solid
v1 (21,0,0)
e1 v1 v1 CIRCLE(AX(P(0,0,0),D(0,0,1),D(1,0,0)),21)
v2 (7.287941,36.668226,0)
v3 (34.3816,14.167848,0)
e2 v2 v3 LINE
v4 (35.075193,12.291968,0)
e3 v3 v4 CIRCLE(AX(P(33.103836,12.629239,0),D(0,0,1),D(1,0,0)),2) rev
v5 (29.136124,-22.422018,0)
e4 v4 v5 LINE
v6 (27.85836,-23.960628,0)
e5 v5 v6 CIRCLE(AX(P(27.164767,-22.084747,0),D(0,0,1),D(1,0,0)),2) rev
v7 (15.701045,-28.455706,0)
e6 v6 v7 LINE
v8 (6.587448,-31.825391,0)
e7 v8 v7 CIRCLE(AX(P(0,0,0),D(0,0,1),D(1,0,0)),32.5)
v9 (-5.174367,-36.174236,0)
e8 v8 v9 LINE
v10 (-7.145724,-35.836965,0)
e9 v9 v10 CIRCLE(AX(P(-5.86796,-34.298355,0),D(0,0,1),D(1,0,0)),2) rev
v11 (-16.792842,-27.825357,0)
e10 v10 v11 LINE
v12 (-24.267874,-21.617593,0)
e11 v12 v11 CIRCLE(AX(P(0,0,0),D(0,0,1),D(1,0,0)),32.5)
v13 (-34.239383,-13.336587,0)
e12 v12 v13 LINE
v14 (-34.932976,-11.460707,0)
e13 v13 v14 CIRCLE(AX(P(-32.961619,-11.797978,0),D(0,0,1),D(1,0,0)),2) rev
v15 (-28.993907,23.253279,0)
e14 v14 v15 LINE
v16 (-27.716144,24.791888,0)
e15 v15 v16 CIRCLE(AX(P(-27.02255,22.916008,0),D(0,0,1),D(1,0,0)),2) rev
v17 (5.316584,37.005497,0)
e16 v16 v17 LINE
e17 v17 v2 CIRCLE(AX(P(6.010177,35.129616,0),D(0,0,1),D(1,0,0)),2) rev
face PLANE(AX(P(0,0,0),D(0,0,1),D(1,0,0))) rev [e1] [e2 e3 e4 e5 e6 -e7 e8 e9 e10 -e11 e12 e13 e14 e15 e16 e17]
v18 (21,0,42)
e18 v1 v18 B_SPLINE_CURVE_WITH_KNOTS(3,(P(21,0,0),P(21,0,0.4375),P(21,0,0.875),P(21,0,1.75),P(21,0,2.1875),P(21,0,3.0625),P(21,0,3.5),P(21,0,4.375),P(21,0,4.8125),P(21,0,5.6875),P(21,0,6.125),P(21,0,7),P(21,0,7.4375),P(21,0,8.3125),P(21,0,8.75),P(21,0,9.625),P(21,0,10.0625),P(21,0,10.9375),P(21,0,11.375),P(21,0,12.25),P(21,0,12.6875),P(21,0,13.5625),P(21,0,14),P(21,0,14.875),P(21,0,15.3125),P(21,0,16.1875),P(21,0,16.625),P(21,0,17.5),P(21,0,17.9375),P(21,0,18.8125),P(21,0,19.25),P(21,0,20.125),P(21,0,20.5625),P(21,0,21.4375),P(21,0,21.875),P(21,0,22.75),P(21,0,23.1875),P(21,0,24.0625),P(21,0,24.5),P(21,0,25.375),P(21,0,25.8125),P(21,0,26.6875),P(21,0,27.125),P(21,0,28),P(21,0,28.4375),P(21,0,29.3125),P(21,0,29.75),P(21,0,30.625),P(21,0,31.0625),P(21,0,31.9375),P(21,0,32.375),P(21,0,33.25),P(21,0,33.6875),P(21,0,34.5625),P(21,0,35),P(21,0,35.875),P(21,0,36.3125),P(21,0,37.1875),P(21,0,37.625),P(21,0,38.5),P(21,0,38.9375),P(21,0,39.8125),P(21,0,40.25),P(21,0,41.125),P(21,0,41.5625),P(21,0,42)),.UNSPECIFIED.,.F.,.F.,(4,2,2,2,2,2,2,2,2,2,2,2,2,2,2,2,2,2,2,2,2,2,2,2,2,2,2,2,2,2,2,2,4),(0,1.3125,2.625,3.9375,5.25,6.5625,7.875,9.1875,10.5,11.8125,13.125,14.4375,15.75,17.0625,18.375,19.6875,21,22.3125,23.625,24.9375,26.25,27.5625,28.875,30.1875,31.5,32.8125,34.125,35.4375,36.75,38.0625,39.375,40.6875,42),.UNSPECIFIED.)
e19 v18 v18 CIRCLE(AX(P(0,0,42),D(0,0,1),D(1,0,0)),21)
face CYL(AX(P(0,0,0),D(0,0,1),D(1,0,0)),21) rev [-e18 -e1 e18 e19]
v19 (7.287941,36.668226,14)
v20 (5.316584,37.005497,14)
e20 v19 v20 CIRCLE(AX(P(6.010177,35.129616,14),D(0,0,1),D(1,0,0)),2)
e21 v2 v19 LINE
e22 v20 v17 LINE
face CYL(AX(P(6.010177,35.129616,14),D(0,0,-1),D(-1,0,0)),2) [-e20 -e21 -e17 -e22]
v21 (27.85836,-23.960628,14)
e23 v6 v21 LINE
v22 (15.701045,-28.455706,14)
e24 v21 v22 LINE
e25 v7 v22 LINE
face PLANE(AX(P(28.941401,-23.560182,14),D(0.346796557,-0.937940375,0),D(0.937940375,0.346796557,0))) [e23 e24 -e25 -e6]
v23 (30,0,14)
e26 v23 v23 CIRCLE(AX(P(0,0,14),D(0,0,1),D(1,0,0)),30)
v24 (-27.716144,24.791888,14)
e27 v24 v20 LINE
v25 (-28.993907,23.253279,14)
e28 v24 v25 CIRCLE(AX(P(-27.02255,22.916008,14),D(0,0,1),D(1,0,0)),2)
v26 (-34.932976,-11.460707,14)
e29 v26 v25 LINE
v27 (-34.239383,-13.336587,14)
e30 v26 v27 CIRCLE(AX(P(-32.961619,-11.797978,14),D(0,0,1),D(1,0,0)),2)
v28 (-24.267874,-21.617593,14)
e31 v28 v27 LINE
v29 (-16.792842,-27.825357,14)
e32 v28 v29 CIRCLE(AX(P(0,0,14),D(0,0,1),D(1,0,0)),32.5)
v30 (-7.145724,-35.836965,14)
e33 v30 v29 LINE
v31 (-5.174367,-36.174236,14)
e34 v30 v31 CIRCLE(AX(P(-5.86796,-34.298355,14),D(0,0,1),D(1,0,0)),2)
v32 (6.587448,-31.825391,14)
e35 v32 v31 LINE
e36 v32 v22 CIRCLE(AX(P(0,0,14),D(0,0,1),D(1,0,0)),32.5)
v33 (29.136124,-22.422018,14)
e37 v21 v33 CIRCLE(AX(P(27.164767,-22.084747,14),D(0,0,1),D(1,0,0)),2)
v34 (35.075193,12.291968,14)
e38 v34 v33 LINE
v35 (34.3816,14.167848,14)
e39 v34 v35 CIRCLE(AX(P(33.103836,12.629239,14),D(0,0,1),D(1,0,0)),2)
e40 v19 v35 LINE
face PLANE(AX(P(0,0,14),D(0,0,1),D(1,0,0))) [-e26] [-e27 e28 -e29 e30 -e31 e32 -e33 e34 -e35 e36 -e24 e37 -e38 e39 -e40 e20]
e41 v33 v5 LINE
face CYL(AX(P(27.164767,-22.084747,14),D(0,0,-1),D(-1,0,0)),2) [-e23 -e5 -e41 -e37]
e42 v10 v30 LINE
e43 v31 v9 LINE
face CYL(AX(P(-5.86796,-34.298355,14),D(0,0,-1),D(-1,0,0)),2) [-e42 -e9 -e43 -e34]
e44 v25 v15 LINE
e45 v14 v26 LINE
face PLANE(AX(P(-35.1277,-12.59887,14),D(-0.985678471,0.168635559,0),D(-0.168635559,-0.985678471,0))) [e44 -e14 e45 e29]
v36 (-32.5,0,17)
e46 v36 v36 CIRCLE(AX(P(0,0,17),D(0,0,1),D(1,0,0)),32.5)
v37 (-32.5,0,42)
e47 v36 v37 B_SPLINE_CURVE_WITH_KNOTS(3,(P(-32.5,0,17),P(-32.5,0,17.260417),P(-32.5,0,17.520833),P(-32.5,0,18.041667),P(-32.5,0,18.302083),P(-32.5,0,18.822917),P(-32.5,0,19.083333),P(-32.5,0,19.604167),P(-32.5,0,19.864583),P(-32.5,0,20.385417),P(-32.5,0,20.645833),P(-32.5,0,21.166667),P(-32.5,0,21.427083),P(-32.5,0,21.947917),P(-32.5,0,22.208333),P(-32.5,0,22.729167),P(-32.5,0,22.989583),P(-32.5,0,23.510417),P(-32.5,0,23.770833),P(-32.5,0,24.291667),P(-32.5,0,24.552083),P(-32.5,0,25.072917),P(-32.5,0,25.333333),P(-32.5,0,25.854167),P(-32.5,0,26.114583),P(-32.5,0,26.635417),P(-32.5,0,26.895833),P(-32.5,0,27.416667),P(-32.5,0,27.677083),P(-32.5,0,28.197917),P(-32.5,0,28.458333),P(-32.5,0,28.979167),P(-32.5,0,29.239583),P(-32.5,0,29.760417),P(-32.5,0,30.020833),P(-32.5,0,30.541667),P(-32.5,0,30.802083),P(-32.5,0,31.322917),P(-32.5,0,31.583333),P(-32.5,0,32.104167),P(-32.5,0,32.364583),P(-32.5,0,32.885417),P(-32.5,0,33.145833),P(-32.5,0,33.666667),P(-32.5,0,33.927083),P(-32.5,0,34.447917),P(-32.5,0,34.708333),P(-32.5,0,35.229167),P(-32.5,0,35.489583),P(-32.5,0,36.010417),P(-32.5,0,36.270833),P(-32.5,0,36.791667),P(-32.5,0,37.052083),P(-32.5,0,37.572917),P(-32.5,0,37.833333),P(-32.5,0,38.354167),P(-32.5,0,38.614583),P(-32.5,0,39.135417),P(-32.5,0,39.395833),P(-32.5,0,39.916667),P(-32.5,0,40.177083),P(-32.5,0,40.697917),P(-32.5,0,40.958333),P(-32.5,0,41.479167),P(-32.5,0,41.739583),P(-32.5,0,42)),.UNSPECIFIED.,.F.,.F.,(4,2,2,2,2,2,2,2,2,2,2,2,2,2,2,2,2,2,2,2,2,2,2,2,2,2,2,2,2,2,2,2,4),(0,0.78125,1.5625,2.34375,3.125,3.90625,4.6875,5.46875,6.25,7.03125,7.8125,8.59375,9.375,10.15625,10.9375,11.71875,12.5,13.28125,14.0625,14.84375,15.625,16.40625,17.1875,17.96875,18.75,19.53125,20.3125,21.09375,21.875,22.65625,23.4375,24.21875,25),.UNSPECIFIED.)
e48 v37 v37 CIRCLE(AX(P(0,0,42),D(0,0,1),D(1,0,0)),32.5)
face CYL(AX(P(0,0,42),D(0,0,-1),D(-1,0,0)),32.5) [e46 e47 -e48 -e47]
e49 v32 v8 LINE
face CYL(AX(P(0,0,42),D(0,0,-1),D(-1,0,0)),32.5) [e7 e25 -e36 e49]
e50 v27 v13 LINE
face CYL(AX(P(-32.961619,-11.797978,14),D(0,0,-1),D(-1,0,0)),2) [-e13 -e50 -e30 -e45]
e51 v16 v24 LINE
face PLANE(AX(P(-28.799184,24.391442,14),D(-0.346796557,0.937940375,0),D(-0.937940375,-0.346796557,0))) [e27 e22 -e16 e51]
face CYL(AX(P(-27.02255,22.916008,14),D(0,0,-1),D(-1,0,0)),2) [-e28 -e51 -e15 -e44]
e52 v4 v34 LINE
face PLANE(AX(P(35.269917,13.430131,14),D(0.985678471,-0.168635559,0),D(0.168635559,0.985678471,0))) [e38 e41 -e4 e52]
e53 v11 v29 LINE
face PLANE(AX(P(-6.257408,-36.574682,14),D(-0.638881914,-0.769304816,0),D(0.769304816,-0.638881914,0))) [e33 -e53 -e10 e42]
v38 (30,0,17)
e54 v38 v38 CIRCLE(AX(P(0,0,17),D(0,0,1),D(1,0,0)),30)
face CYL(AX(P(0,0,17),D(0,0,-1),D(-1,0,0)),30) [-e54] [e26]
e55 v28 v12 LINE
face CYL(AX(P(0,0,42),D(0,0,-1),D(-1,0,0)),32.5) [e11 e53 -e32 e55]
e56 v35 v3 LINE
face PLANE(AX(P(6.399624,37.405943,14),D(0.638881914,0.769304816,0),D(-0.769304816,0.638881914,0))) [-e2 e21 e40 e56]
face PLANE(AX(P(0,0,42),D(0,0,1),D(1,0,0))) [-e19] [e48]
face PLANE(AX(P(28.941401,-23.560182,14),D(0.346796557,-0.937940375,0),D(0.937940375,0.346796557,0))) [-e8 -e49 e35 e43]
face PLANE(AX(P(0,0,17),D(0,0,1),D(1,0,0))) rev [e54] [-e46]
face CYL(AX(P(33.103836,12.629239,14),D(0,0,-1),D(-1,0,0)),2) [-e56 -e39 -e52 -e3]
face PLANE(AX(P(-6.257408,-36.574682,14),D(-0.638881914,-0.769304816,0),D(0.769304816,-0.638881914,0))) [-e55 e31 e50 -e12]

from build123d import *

# Parameters (mm, degrees)
SKETCH1_R           = 32.5
BOSS_EXTRUDE1_DEPTH = 42
CUT_EXTRUDE1_START  = -28
SKETCH2_R           = 32.5
SKETCH2_R_2         = 30
CUT_EXTRUDE1_DEPTH  = 3
BOSS_EXTRUDE2_DEPTH = 14
FILLET1_R           = 2
SKETCH4_R           = 21
CUT_EXTRUDE2_DEPTH  = 67.142933871


with BuildPart() as part:
    # Sketch1 → Boss-Extrude1 (new body)
    with BuildSketch(Plane.XY):
        with Locations(Location((0, 0, 0), (0, 0, 180))):
            Circle(SKETCH1_R)
    extrude(amount=BOSS_EXTRUDE1_DEPTH)

    # Sketch2 → Cut-Extrude1 (cut)
    with BuildSketch(Plane.XY.offset(42).offset(CUT_EXTRUDE1_START)):
        with Locations(Location((0, 0, 0), (0, 0, 180))):
            Circle(SKETCH2_R)
        Circle(SKETCH2_R_2, mode=Mode.SUBTRACT)
    extrude(amount=CUT_EXTRUDE1_DEPTH, mode=Mode.SUBTRACT)

    # Sketch3 → Boss-Extrude2 (add)
    with BuildSketch(Plane(origin=(0, 0, 0), x_dir=(-1, 0, 0), z_dir=(0, 0, -1))):
        Polygon((-35.269916777, 13.430130963), (-28.941400728, -23.560181525), (6.257407604, -36.574682103), (35.127699889, -12.598870193), (28.799183841, 24.391442295), (-6.399624492, 37.405942873), align=None)
    extrude(amount=-BOSS_EXTRUDE2_DEPTH)

    # Fillet1
    fillet1_edges = [part.edges().sort_by_distance(p)[0] for p in [
        (-28.799183841, 24.391442295, 7),
        (-35.127699889, -12.598870193, 7),
        (-6.257407604, -36.574682103, 7),
        (28.941400728, -23.560181525, 7),
        (35.269916777, 13.430130963, 7),
        (6.399624492, 37.405942873, 7),
    ]]
    fillet(fillet1_edges, radius=FILLET1_R)

    # Sketch4 → Cut-Extrude2 (cut, through all)
    with BuildSketch(Plane.XY.offset(42)):
        Circle(SKETCH4_R)
    extrude(amount=-CUT_EXTRUDE2_DEPTH, mode=Mode.SUBTRACT)


solid = part.part
